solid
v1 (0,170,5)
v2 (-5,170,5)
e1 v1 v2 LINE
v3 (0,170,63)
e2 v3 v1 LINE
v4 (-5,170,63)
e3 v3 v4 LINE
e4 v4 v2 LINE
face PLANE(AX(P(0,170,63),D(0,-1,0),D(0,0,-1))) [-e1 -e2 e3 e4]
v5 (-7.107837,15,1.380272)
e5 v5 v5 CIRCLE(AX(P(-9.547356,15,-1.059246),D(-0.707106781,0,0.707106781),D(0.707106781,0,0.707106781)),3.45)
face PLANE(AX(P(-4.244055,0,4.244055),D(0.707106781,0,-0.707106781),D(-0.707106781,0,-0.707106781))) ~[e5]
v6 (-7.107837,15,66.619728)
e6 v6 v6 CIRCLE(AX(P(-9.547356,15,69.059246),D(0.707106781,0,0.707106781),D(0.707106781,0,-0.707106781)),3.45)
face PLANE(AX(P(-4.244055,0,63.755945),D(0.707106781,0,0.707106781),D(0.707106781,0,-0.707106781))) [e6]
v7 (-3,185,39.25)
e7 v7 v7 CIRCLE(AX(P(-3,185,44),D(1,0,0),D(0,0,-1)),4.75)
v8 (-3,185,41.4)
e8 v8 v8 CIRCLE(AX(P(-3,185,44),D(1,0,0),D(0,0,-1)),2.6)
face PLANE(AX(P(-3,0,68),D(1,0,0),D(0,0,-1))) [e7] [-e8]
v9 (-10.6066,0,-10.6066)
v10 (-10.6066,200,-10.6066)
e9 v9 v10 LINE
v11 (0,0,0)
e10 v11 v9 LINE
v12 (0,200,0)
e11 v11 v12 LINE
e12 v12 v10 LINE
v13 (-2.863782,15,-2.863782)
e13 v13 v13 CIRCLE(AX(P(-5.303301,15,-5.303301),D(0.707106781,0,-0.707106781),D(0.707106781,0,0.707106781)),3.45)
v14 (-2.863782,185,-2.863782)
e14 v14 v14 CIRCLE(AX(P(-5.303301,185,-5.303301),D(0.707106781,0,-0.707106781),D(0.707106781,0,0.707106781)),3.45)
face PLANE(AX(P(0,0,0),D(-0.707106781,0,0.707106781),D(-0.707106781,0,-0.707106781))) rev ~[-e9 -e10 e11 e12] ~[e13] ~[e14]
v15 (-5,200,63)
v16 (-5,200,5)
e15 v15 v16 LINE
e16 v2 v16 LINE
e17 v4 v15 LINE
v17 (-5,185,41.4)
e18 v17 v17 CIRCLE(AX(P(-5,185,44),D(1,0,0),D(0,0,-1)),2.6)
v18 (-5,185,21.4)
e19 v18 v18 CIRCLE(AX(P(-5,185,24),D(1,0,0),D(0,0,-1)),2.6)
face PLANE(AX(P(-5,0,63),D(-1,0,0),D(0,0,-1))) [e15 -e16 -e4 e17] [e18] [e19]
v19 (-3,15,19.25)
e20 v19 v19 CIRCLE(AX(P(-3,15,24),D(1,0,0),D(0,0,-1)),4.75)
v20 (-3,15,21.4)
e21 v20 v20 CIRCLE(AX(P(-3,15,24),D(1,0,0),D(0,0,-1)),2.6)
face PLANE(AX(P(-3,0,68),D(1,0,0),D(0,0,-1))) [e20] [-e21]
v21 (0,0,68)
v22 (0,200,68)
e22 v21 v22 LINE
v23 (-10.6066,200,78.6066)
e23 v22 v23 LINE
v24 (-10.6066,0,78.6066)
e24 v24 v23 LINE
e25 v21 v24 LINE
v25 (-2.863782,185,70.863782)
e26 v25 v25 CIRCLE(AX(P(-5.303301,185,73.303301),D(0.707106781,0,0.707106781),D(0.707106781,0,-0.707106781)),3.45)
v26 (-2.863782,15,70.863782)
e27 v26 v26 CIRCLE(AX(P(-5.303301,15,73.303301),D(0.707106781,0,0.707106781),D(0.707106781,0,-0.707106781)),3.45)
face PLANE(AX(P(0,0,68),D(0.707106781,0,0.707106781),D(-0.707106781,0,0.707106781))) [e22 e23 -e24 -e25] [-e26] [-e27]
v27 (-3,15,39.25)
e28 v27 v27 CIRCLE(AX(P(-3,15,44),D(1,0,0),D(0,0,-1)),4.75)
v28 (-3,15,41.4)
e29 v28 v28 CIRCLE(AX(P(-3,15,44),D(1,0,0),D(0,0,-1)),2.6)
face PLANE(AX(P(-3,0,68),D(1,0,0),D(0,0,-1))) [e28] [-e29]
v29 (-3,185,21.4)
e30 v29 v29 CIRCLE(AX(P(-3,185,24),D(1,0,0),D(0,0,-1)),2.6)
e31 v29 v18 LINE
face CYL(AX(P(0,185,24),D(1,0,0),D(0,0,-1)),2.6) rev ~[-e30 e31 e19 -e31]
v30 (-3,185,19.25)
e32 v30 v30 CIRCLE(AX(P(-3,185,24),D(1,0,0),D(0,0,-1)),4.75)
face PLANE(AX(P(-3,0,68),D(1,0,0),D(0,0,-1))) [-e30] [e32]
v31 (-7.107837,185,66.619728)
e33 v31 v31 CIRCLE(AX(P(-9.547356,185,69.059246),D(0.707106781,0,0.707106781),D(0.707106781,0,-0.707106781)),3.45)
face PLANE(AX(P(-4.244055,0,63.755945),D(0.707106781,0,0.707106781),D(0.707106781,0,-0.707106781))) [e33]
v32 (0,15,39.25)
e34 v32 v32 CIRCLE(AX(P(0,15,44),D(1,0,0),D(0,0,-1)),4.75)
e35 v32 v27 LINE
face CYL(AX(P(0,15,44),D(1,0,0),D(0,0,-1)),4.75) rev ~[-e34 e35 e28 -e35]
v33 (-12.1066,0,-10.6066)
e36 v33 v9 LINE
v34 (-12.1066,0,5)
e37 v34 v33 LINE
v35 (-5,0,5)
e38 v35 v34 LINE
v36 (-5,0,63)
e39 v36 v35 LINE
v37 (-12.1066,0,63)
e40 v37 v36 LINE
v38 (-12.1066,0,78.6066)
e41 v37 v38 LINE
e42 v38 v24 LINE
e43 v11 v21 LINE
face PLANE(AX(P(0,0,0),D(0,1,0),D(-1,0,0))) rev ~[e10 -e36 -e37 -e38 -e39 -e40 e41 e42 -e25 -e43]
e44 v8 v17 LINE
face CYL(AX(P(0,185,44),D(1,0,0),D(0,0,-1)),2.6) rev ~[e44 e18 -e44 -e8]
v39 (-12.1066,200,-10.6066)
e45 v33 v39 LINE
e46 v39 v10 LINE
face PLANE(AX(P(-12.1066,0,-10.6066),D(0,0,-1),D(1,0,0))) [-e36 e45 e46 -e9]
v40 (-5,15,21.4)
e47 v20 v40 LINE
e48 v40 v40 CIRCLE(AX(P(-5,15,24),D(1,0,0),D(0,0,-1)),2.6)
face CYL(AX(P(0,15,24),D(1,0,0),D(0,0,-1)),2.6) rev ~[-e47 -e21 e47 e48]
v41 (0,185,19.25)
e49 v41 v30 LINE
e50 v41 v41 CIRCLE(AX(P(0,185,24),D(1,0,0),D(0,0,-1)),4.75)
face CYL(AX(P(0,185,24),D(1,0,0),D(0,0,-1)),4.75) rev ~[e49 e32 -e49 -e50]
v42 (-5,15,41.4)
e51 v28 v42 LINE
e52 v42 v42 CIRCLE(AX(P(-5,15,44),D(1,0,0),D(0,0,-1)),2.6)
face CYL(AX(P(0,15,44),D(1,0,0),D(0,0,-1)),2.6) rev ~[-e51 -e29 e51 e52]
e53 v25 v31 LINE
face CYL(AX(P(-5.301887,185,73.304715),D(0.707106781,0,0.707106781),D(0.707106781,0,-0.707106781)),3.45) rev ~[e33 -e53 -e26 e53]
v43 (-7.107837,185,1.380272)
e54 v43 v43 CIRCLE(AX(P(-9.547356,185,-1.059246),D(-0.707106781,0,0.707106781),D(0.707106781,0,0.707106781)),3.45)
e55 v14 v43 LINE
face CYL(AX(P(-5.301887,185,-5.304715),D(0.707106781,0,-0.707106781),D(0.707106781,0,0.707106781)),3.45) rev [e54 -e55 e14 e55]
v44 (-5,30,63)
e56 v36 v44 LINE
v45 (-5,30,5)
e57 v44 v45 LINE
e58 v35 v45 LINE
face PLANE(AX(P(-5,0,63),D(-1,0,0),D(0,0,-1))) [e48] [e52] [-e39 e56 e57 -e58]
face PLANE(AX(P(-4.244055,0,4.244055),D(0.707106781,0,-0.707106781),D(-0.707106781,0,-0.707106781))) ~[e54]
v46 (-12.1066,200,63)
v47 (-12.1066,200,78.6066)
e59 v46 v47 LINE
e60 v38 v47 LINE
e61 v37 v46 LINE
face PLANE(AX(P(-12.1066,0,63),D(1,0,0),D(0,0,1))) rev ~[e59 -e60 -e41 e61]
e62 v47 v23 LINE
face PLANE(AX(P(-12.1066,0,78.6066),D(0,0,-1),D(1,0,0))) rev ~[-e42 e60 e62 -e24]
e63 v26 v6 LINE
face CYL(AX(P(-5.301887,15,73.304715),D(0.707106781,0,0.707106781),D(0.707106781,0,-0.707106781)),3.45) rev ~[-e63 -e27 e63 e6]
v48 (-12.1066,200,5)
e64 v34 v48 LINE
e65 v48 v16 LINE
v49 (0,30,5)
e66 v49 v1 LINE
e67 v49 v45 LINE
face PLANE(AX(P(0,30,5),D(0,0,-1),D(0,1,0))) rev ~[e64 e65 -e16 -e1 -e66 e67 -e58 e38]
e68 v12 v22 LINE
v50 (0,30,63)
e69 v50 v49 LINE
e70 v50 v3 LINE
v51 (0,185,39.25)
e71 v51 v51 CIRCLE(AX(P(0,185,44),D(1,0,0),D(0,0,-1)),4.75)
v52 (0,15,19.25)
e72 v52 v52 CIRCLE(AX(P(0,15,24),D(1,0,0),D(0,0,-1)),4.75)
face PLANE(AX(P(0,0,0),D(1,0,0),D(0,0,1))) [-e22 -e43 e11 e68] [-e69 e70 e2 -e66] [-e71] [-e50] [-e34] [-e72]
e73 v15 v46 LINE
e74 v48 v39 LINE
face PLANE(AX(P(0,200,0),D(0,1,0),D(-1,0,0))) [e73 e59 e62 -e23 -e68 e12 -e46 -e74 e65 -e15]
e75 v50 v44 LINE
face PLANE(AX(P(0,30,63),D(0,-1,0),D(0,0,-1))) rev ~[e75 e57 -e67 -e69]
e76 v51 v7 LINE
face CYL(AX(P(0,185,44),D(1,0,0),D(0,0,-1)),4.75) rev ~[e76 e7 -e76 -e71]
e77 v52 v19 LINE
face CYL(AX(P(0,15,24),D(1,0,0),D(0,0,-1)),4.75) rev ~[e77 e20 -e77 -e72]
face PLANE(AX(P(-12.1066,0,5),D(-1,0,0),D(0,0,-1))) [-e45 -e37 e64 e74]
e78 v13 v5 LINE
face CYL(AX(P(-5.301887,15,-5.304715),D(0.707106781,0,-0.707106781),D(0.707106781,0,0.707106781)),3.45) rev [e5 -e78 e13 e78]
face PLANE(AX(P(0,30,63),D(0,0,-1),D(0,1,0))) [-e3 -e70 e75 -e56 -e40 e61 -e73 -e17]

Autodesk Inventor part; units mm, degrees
ref_plane "YZ Plane" through (0, 0, 0) normal (1, 0, 0) x (0, 1, 0)
ref_plane "XZ Plane" through (0, 0, 0) normal (0, 1, 0) x (-1, 0, 0)
sketch "Sketch1" plane through (0, 0, 0) normal (0, 1, 0) x (-1, 0, 0)
  line L0 (0, 0) -> (0, 68)
  line L1 (0, 0) -> (10.6066, -10.6066)
  line L2 (0, 68) -> (10.6066, 78.6066)
  line L3 (5, 63) -> (5, 5)
  line L4 (10.6066, 78.6066) -> (10.6066, 63)
  line L5 (10.6066, -10.6066) -> (10.6066, 5)
  line L6 (10.6066, 63) -> (5, 63)
  line L7 (10.6066, 5) -> (5, 5)
  line L8 (10.6066, 5) -> (12.1066, 5)
  line L9 (12.1066, 5) -> (12.1066, -10.6066)
  line L10 (12.1066, -10.6066) -> (10.6066, -10.6066)
  line L11 (10.6066, -10.6066) -> (10.6066, 5)
  line L12 (10.6066, 63) -> (12.1066, 63)
  line L13 (12.1066, 63) -> (12.1066, 78.6066)
  line L14 (12.1066, 78.6066) -> (10.6066, 78.6066)
  line L15 (10.6066, 78.6066) -> (10.6066, 63)
  dimension "d0" = 68
  dimension "d1" = 15
  dimension "d2" = 135
  dimension "d4" = 15
  dimension "d5" = 135
  dimension "d6" = 5
  dimension "d7" = 5
  dimension "d8" = 5
  dimension "d35" = 1.5
extrude "Extrusion1" add sketch "Sketch1" along normal blind 200
sketch "Sketch2" plane through (0, 0, 68) normal (0.7071, 0, 0.7071) x (0.7071, 0, -0.7071)
  line L0 (-15, 0) -> (0, 0) construction
  line L1 (-7.5, 0) -> (-7.5, 200) construction
  circle A0 centre (-7.5, 185) radius 3.45
  circle A1 centre (-7.5, 15) radius 3.45
  line L2 (-15, 200) -> (0, 200) projected
  point P0 (48.0833, 0)
  dimension "d11" = 6.9
  dimension "d12" = 6.9
  dimension "d13" = 15
  dimension "d14" = 15
extrude "Extrusion2" cut sketch "Sketch2" against normal blind 6
sketch "Sketch3" plane through (0, 0, 68) normal (1, 0, 0) x (0, 0, -1)
  ellipse E0 centre (-5.3033, 185) end of major axis (-5.3033, 181.55) minor radius 2.4395 construction
  ellipse E1 centre (73.3033, 185) end of major axis (73.3033, 188.45) minor radius 2.4395 construction
  line L0 (-5.3033, 185) -> (73.3033, 185) construction
  ellipse E2 centre (-5.3033, 15) end of major axis (-5.3033, 11.55) minor radius 2.4395 construction
  ellipse E3 centre (73.3033, 15) end of major axis (73.3033, 18.45) minor radius 2.4395 construction
  line L1 (-5.3033, 15) -> (73.3033, 15) construction
  line L2 (0, 200) -> (68, 200) construction
  line L3 (34, 200) -> (34, 0) construction
  line L4 (63, 0) -> (5, 0) construction
  line L5 (44, 200) -> (44, 0) construction
  line L6 (24, 200) -> (24, 0) construction
  circle A0 centre (44, 185) radius 2.6
  circle A1 centre (24, 185) radius 2.6
  circle A2 centre (24, 15) radius 2.6
  circle A3 centre (44, 15) radius 2.6
  point P0 (68, 0)
  dimension "d17" = 10
  dimension "d18" = 10
  dimension "d19" = 5.2
  dimension "d20" = 5.2
  dimension "d21" = 5.2
  dimension "d22" = 5.2
extrude "Extrusion3" cut sketch "Sketch3" against normal up to next
sketch "Sketch4" plane through (0, 0, 68) normal (1, 0, 0) x (0, 0, -1)
  line L0 (5, 0) -> (5, 200) projected
  line L1 (63, 0) -> (63, 200) projected
  line L2 (5, 170) -> (63, 170)
  line L3 (5, 30) -> (63, 30)
  circle A0 centre (24, 185) radius 2.6 projected
  circle A1 centre (24, 15) radius 2.6 projected
  point P0 (68, 0)
  dimension "d25" = 15
  dimension "d26" = 15
extrude "Extrusion4" cut sketch "Sketch4" against normal up to next contours L0 L2 L1 L3
sketch "Sketch5" plane through (0, 0, 68) normal (1, 0, 0) x (0, 0, -1)
  circle A0 centre (24, 185) radius 2.6 projected
  circle A1 centre (24, 185) radius 4.75
  circle A2 centre (44, 185) radius 2.6 projected
  circle A3 centre (44, 185) radius 4.75
  circle A4 centre (24, 15) radius 2.6 projected
  circle A5 centre (24, 15) radius 4.75
  circle A6 centre (44, 15) radius 2.6 projected
  circle A7 centre (44, 15) radius 4.75
  point P0 (68, 0)
  dimension "d29" = 9.5
  dimension "d30" = 9.5
  dimension "d31" = 9.5
  dimension "d32" = 9.5
extrude "Extrusion5" cut sketch "Sketch5" against normal blind 3
ref_plane "Work Plane2" through (-12.1066, 0, 34) normal (0, 0, 1) x (1, 0, 0)
mirror "Mirror2" about plane through (-12.1066, 0, 34) normal (0, 0, 1) of "Extrusion2"
equation "\"d4\" = d1"
equation "\"d5\" = d2"
equation "\"d12\" = d11"
equation "\"d14\" = d13"
equation "\"d20\" = d19"
equation "\"d21\" = d19"
equation "\"d22\" = d19"
equation "\"d30\" = d29"
equation "\"d31\" = d29"
equation "\"d32\" = d29"
properties part number "Z Axis Cover Frame"
